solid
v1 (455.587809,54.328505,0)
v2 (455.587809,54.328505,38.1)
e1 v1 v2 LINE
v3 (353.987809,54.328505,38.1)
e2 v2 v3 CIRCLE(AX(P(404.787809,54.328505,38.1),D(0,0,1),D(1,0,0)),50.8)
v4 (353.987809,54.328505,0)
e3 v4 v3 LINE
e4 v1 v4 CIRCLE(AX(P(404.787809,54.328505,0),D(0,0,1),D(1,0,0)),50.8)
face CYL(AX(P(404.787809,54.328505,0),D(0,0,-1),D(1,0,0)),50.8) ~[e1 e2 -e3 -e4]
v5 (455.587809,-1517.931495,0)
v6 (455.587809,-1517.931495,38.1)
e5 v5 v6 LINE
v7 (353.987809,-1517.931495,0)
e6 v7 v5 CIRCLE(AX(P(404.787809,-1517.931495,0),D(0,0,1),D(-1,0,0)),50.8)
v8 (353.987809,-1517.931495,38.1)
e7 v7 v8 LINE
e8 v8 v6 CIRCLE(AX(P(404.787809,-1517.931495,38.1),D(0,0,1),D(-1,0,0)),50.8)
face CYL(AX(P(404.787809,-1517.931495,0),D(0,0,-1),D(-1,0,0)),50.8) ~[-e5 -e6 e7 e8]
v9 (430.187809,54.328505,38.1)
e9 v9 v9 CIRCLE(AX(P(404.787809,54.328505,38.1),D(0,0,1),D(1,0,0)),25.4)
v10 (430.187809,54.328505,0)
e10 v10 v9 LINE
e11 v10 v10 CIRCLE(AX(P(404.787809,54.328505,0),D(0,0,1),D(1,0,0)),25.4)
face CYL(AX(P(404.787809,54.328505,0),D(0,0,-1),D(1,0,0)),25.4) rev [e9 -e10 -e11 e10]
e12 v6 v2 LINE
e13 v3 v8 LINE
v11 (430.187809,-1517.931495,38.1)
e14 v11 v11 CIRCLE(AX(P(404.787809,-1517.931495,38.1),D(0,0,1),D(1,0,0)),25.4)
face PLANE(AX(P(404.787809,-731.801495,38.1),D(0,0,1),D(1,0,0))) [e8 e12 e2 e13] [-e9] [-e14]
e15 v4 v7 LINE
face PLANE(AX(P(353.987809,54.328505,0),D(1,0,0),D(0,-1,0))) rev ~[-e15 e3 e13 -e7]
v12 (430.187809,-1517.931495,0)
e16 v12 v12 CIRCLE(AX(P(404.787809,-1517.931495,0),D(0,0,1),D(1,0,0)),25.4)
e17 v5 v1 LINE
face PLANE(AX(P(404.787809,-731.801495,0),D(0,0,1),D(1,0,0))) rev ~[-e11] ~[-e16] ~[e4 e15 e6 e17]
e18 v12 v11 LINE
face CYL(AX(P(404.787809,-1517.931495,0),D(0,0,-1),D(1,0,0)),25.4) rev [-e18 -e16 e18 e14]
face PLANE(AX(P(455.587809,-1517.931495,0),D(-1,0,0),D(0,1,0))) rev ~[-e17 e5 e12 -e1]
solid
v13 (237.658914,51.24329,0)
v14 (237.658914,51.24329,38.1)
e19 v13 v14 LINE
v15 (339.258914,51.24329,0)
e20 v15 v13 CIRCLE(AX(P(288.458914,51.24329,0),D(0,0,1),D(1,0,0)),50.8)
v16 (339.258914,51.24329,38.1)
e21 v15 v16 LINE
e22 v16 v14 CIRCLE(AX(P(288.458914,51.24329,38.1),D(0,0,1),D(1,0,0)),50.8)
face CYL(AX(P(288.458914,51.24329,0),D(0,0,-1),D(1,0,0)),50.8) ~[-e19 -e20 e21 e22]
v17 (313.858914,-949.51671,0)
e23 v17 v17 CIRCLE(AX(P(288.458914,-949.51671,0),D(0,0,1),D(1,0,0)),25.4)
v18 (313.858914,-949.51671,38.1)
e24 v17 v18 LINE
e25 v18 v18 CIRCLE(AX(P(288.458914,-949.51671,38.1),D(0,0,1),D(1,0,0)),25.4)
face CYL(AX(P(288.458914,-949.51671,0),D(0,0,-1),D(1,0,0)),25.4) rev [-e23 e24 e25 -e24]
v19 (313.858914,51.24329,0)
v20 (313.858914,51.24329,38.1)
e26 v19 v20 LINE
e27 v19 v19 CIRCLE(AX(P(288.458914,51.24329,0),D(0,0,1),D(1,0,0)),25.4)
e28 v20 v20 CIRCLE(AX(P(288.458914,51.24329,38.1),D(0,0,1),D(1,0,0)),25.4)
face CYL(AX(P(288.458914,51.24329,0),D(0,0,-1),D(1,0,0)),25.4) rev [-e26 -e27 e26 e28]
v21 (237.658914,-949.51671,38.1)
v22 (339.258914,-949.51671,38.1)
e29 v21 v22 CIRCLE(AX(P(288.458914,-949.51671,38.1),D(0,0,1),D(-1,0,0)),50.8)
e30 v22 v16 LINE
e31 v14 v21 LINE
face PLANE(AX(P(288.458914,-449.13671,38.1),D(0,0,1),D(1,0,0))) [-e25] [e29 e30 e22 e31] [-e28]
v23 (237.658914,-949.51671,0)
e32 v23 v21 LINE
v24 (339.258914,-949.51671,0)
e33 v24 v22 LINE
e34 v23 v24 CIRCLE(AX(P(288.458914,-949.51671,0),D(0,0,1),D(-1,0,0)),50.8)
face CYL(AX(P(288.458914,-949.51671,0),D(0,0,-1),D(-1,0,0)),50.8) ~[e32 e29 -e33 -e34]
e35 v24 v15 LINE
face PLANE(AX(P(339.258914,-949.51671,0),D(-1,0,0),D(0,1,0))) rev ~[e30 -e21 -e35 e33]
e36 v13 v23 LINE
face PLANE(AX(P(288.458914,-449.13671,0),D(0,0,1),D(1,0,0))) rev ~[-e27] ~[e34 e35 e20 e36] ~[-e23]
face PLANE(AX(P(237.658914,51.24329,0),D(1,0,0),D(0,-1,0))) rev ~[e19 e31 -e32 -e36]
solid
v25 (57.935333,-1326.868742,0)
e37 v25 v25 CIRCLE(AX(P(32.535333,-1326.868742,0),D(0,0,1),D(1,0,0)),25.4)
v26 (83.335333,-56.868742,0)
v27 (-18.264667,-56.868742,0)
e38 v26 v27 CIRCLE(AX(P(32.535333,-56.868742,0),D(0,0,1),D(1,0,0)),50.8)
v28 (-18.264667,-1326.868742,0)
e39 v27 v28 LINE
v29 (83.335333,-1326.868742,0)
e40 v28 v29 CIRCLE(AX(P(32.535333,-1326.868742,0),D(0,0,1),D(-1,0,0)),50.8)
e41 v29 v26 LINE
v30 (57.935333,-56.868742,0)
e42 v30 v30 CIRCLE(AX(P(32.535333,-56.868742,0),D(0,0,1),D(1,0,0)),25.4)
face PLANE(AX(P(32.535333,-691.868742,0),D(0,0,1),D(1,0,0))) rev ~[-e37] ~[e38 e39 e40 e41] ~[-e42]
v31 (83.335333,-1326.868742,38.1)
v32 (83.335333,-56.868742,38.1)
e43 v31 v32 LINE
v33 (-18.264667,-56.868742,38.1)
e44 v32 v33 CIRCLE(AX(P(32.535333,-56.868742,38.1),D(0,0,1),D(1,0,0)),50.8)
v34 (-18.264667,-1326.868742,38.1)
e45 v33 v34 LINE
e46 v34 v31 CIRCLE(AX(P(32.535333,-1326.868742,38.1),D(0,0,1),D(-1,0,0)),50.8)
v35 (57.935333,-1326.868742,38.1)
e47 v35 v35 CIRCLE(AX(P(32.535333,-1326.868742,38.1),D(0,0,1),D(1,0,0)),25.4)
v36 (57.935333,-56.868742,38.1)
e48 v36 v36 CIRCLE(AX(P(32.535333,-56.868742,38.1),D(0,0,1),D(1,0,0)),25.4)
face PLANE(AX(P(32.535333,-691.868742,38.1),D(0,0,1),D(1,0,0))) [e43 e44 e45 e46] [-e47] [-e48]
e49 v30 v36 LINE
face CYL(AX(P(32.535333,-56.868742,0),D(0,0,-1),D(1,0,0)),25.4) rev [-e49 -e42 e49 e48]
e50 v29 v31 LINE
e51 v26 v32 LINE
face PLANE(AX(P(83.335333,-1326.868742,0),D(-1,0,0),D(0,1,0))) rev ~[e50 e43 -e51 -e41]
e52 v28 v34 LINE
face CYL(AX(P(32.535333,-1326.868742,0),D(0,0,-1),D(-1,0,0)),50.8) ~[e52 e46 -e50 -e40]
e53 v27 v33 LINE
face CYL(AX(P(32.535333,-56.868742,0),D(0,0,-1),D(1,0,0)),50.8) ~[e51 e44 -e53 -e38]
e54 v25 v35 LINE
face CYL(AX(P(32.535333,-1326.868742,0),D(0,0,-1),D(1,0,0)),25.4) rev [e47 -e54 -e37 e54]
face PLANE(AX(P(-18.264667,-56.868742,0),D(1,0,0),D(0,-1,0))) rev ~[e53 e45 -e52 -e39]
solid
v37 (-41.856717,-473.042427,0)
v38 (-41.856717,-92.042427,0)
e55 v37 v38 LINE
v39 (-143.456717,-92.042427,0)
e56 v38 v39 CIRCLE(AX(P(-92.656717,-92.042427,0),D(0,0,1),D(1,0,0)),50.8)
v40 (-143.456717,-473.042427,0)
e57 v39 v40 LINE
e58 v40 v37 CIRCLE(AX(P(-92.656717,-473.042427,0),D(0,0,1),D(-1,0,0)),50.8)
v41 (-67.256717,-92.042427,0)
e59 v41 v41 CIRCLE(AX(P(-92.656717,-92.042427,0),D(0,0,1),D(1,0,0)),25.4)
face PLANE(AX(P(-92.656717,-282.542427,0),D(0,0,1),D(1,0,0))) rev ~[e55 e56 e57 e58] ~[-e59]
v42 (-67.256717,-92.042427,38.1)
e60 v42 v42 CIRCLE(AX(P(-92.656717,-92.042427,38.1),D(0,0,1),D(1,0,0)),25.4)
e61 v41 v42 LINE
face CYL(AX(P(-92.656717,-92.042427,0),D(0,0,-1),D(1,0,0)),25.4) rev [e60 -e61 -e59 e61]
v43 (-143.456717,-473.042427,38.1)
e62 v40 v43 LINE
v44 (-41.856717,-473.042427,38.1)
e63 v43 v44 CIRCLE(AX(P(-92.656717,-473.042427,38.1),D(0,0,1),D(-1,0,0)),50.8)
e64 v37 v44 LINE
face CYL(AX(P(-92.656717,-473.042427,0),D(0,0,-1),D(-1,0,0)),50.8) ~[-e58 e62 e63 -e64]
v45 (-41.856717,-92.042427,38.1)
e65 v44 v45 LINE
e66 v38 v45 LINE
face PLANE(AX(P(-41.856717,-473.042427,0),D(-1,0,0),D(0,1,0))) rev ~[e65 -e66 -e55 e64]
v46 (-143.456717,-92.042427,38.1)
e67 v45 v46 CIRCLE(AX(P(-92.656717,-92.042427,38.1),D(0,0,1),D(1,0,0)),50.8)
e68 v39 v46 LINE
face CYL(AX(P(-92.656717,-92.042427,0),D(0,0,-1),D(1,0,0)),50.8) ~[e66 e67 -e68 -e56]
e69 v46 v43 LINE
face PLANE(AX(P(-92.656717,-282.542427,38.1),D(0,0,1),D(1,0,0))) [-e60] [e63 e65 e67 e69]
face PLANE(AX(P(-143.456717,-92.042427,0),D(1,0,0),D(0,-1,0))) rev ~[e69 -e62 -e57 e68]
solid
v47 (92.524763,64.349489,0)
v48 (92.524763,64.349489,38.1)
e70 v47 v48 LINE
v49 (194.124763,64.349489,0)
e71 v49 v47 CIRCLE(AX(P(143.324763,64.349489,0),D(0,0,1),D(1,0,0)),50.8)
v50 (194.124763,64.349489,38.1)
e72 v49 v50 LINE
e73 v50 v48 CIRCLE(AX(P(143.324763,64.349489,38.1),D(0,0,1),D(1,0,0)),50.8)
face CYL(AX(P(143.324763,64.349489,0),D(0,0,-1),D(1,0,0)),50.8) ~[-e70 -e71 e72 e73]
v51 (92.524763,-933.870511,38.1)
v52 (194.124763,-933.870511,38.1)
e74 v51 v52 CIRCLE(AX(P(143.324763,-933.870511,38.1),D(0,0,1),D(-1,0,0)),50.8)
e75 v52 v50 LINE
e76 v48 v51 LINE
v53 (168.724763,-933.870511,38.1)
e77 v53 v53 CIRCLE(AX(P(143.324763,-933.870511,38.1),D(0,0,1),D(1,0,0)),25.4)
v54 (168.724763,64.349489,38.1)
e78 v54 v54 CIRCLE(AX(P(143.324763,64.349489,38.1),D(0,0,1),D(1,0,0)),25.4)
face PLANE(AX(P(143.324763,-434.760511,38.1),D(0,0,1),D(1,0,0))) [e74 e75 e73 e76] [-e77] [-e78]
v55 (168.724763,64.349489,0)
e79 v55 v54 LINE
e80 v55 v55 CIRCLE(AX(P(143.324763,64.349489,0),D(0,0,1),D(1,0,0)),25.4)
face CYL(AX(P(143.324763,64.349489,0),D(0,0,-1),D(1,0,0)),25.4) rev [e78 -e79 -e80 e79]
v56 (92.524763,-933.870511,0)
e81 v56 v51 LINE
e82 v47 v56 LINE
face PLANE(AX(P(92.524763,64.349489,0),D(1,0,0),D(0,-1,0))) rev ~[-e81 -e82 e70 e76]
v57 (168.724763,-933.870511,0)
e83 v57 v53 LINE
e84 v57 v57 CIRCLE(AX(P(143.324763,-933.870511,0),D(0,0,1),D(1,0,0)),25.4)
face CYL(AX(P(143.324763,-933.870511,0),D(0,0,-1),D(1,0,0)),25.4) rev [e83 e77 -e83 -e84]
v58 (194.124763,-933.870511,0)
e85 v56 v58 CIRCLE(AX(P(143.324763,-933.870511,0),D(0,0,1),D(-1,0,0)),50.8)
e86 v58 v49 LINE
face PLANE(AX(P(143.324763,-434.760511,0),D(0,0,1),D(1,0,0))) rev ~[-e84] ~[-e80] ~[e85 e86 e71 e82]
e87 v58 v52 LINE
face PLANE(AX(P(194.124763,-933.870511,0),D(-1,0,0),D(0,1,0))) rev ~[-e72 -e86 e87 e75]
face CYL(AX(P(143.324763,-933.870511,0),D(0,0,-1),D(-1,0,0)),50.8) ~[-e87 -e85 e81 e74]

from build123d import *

# Parameters (mm, degrees)
F0_R     = 25.4
F1_DEPTH = 38.1


with BuildPart() as f1:
    # F0 (on Top) → F1 (new body)
    with BuildSketch(Plane.XY):
        with BuildLine():
            Line((-143.456717, -92.042427), (-143.456717, -473.042427))
            ThreePointArc((-143.456717, -473.042427), (-92.656717, -523.842427), (-41.856717, -473.042427))
            Line((-41.856717, -473.042427), (-41.856717, -92.042427))
            ThreePointArc((-41.856717, -92.042427), (-92.656717, -41.242427), (-143.456717, -92.042427))
        make_face()
        with Locations((-92.656717, -473.042427)):
            Circle(F0_R, mode=Mode.SUBTRACT)
        with Locations((-92.656717, -92.042427)):
            Circle(F0_R, mode=Mode.SUBTRACT)
        with BuildLine():
            Line((-18.264667, -56.868742), (-18.264667, -1326.868742))
            ThreePointArc((-18.264667, -1326.868742), (32.535333, -1377.668742), (83.335333, -1326.868742))
            Line((83.335333, -1326.868742), (83.335333, -56.868742))
            ThreePointArc((83.335333, -56.868742), (32.535333, -6.068742), (-18.264667, -56.868742))
        make_face()
        with Locations((32.535333, -1326.868742)):
            Circle(F0_R, mode=Mode.SUBTRACT)
        with Locations((32.535333, -56.868742)):
            Circle(F0_R, mode=Mode.SUBTRACT)
        with BuildLine():
            Line((92.524763, 64.349489), (92.524763, -933.870511))
            ThreePointArc((92.524763, -933.870511), (143.324763, -984.670511), (194.124763, -933.870511))
            Line((194.124763, -933.870511), (194.124763, 64.349489))
            ThreePointArc((194.124763, 64.349489), (143.324763, 115.149489), (92.524763, 64.349489))
        make_face()
        with Locations((143.324763, -933.870511)):
            Circle(F0_R, mode=Mode.SUBTRACT)
        with Locations((143.324763, 64.349489)):
            Circle(F0_R, mode=Mode.SUBTRACT)
        with BuildLine():
            Line((237.658914, 51.24329), (237.658914, -949.51671))
            ThreePointArc((237.658914, -949.51671), (288.458914, -1000.31671), (339.258914, -949.51671))
            Line((339.258914, -949.51671), (339.258914, 51.24329))
            ThreePointArc((339.258914, 51.24329), (288.458914, 102.04329), (237.658914, 51.24329))
        make_face()
        with Locations((288.458914, -949.51671)):
            Circle(F0_R, mode=Mode.SUBTRACT)
        with Locations((288.458914, 51.24329)):
            Circle(F0_R, mode=Mode.SUBTRACT)
        with BuildLine():
            Line((353.987809, 54.328505), (353.987809, -1517.931495))
            ThreePointArc((353.987809, -1517.931495), (404.787809, -1568.731495), (455.587809, -1517.931495))
            Line((455.587809, -1517.931495), (455.587809, 54.328505))
            ThreePointArc((455.587809, 54.328505), (404.787809, 105.128505), (353.987809, 54.328505))
        make_face()
        with Locations((404.787809, -1517.931495)):
            Circle(F0_R, mode=Mode.SUBTRACT)
        with Locations((404.787809, 54.328505)):
            Circle(F0_R, mode=Mode.SUBTRACT)
        with Locations((-92.656717, -473.042427)):
            Circle(F0_R)
    extrude(amount=F1_DEPTH)


solid = f1.part
